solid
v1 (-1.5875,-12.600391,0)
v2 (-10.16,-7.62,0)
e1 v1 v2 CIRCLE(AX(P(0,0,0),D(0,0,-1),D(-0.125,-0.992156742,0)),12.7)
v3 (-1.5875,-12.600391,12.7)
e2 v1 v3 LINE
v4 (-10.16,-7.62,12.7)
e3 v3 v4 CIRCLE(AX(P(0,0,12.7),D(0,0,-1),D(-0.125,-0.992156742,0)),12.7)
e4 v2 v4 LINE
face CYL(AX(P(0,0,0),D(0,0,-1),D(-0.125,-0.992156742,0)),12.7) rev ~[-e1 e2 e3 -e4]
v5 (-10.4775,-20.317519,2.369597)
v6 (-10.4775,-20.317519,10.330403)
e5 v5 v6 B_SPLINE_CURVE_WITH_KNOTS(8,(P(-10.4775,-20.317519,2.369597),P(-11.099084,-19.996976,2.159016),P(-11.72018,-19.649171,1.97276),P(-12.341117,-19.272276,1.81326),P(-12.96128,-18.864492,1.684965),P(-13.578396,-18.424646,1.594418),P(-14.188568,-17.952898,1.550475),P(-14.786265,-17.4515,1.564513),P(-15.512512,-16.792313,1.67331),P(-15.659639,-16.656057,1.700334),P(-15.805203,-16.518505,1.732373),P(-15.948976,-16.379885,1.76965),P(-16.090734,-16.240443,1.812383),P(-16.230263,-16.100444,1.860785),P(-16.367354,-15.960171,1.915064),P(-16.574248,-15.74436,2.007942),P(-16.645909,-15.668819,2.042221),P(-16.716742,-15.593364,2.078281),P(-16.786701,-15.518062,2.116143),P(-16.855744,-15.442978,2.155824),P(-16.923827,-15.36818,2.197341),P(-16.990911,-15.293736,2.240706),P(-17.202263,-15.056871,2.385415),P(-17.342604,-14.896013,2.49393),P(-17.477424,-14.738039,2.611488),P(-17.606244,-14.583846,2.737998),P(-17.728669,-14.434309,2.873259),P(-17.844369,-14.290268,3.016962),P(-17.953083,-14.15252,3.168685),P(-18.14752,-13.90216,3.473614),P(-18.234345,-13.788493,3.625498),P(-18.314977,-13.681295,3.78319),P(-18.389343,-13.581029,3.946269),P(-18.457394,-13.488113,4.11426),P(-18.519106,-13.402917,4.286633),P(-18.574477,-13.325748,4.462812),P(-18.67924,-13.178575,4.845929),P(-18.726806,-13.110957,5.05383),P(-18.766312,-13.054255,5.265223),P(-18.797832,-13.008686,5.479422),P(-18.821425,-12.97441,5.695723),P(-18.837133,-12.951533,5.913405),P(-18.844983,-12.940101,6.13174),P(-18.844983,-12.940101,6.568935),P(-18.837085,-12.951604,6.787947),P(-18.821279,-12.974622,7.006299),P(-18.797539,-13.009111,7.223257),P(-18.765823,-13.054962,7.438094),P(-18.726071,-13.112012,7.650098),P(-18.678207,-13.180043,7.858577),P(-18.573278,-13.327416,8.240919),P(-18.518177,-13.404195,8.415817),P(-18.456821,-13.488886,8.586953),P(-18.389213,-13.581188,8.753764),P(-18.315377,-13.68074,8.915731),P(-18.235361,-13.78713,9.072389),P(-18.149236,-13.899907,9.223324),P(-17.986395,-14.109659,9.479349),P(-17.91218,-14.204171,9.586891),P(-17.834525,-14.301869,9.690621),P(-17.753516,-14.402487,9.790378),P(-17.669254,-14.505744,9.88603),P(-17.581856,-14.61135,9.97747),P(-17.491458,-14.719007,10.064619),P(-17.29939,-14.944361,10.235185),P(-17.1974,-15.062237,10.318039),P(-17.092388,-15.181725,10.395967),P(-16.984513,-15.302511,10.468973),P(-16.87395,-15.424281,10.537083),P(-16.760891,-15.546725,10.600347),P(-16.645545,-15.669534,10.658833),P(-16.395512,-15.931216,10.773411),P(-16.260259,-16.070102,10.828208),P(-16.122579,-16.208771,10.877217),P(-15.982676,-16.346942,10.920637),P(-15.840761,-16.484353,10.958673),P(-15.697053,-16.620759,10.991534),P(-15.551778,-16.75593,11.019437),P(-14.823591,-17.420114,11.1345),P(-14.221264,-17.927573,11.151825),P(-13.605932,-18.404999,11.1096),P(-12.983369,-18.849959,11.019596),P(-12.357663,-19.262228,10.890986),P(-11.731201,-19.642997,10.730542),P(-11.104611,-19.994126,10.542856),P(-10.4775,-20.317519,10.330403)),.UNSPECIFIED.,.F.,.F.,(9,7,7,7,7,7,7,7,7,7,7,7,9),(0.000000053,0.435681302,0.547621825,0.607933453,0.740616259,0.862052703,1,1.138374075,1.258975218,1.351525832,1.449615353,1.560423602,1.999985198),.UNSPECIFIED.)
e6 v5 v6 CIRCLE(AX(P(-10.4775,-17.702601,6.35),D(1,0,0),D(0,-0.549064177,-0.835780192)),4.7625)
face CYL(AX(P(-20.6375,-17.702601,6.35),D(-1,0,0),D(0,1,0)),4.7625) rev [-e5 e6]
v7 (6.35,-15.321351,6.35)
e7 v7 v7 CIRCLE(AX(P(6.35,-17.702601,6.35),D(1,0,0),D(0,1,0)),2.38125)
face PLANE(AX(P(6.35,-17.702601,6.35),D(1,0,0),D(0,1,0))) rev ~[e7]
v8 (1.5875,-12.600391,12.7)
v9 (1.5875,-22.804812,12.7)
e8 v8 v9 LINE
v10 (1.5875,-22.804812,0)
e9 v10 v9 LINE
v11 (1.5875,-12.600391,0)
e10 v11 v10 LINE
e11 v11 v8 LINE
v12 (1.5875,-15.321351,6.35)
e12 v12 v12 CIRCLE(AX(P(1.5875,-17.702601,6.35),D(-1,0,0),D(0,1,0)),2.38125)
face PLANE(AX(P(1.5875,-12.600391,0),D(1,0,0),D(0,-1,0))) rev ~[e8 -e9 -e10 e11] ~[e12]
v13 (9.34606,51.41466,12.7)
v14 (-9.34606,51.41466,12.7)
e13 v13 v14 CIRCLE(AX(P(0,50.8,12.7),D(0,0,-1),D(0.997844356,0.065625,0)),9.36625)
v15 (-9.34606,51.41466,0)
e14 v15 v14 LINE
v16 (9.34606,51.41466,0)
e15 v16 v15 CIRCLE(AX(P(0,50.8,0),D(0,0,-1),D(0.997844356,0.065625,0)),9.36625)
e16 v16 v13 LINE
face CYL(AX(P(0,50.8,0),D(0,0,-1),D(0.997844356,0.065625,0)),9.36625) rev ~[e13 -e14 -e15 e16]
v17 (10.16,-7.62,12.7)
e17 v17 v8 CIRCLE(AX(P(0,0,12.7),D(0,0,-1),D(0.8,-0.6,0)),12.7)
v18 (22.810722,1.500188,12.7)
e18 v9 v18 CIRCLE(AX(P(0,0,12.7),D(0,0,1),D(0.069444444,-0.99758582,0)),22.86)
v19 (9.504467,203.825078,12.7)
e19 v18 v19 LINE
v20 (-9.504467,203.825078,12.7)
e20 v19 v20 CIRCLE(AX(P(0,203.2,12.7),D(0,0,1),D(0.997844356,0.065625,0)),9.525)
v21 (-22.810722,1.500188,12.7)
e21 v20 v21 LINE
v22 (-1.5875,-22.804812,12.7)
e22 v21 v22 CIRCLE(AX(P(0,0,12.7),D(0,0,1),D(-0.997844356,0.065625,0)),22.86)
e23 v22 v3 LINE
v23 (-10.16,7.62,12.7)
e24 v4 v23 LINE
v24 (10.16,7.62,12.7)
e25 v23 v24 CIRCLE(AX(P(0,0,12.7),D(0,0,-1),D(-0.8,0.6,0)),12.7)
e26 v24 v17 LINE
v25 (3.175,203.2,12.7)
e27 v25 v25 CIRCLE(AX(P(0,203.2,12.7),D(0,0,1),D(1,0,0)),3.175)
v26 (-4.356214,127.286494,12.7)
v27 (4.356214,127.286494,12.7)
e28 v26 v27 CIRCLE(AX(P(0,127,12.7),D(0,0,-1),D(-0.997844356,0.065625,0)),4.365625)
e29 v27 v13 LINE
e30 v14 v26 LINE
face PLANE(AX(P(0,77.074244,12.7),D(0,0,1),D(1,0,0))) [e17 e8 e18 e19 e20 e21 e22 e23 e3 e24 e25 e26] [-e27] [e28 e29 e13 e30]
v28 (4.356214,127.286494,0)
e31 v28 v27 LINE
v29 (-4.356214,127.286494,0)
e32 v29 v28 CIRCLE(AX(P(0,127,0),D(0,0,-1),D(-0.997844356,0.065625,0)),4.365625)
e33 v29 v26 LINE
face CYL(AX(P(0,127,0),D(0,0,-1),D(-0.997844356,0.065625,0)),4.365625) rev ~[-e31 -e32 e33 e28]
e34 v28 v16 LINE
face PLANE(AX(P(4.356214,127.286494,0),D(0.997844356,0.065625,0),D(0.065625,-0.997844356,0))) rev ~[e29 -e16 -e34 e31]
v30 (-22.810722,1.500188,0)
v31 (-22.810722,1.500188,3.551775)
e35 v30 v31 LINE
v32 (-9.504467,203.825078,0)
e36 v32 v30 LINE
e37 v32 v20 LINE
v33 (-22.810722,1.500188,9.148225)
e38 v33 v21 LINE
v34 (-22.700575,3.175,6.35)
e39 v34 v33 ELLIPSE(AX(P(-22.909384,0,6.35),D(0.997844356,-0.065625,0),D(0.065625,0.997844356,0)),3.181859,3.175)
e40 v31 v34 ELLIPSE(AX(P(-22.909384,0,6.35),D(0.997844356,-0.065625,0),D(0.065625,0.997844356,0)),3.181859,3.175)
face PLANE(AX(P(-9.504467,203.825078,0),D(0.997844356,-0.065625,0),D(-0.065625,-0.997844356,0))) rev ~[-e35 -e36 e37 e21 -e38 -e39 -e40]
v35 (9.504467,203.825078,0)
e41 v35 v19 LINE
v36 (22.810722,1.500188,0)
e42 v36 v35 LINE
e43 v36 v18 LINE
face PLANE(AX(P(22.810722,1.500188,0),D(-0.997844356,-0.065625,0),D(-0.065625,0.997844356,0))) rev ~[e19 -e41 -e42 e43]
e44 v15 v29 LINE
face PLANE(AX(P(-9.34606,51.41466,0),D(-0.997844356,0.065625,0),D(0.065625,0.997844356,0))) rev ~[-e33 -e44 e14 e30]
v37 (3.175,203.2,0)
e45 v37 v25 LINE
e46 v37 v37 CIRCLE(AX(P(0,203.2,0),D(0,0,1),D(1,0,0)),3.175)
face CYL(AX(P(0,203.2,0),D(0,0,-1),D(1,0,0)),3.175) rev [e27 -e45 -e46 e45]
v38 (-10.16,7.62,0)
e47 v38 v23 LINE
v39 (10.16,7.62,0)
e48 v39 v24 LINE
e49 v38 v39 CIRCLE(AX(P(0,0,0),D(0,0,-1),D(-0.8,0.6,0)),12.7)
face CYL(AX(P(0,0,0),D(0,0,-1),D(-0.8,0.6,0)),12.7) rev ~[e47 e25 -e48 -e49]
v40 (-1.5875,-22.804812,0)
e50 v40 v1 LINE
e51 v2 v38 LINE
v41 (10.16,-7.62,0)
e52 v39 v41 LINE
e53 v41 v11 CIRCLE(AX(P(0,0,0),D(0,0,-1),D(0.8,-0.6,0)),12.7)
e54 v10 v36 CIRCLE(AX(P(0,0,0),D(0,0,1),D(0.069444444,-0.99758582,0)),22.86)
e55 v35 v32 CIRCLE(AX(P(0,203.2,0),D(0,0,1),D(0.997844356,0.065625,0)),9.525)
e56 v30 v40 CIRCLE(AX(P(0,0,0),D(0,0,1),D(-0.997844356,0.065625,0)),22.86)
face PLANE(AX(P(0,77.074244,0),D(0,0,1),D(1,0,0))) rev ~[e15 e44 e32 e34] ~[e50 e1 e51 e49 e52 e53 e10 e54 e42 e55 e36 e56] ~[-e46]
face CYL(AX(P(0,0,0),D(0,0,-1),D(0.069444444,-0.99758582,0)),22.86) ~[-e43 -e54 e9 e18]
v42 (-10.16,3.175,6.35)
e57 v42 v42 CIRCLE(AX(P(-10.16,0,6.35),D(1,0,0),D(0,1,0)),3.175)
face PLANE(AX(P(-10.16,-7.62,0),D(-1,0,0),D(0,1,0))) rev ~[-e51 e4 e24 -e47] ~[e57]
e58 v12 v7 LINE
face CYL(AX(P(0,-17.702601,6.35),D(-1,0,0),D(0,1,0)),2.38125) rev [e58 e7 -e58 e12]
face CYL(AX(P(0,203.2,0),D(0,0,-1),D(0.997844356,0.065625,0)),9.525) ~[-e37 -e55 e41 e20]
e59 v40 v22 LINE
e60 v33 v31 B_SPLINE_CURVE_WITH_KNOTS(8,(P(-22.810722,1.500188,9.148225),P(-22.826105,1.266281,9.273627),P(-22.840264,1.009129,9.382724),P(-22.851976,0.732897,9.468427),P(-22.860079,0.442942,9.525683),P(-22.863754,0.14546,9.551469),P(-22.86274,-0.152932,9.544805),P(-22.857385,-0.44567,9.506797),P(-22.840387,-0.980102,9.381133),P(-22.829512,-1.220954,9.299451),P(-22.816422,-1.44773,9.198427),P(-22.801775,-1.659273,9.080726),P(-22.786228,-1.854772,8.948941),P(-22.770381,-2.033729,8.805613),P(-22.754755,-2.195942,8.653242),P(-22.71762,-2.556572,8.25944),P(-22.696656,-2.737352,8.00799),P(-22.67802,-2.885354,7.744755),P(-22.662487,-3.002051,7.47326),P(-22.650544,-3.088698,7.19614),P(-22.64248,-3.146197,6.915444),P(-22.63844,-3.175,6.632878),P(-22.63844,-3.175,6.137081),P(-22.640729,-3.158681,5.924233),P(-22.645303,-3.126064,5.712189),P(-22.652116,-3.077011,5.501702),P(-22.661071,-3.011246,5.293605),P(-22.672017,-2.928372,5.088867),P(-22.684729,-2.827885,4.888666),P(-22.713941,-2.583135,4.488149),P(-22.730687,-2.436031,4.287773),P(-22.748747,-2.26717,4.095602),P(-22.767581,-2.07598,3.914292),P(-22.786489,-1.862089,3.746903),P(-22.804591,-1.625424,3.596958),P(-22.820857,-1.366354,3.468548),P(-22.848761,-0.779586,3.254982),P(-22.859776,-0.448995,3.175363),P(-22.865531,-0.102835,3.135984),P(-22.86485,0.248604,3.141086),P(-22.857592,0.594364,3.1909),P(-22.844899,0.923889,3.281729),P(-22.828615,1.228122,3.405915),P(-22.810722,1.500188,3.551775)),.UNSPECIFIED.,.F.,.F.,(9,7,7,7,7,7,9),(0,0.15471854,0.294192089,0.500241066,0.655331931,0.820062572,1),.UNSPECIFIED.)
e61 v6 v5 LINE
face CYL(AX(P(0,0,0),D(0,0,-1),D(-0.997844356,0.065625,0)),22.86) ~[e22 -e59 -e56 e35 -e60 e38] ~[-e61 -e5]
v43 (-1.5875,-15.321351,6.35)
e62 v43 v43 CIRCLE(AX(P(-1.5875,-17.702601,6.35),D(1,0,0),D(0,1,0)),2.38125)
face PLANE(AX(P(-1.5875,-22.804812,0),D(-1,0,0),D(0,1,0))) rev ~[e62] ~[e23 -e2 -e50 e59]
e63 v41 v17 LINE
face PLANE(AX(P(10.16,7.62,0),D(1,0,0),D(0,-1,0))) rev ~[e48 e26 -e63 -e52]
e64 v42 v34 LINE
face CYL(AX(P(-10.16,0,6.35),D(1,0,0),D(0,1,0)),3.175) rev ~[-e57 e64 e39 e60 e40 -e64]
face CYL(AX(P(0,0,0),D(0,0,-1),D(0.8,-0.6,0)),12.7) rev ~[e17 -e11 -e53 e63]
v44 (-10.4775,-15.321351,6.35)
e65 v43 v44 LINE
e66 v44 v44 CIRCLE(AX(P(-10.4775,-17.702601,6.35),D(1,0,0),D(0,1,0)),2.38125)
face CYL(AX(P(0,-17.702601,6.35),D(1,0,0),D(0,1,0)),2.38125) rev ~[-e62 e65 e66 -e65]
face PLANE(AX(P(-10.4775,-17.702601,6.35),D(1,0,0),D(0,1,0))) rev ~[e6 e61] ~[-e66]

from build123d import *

# Parameters (mm, degrees)
F0_R          = 3.175
F1_DEPTH      = 12.7
F2_R          = 3.175
F3_DEPTH      = 25.4
F4_R          = 2.38125
F5_DEPTH      = 6.35
F5_DEPTH_BACK = 22.8610001193
F7_R          = 4.7625
F8_DEPTH      = 10.16


with BuildPart() as f1:
    # F0 (on Top) → F1 (new body)
    with BuildSketch(Plane.XY):
        with BuildLine():
            Line((-9.5044674936, 203.825078125), (-22.8107219847, 1.5001875))
            ThreePointArc((-22.8107219847, 1.5001875), (-17.219220581, -15.035891812), (-1.5875, -22.8048118552))
            Line((-1.5875, -22.8048118552), (-1.5875, -12.6003906189))
            ThreePointArc((-1.5875, -12.6003906189), (-6.3798128297, -10.981256224), (-10.16, -7.62))
            Line((-10.16, -7.62), (-10.16, 7.62))
            ThreePointArc((-10.16, 7.62), (0, 12.7), (10.16, 7.62))
            Line((10.16, 7.62), (10.16, -7.62))
            ThreePointArc((10.16, -7.62), (6.3798128297, -10.981256224), (1.5875, -12.6003906189))
            Line((1.5875, -12.6003906189), (1.5875, -22.8048118552))
            ThreePointArc((1.5875, -22.8048118552), (17.219220581, -15.035891812), (22.8107219847, 1.5001875))
            Line((22.8107219847, 1.5001875), (9.5044674936, 203.825078125))
            ThreePointArc((9.5044674936, 203.825078125), (0, 212.725), (-9.5044674936, 203.825078125))
        make_face()
        with BuildLine():
            ThreePointArc((9.3460597021, 51.4146601563), (0, 41.43375), (-9.3460597021, 51.4146601563))
            Line((-9.3460597021, 51.4146601563), (-4.3562142679, 127.2864941406))
            ThreePointArc((-4.3562142679, 127.2864941406), (0, 131.365625), (4.3562142679, 127.2864941406))
            Line((4.3562142679, 127.2864941406), (9.3460597021, 51.4146601563))
        make_face(mode=Mode.SUBTRACT)
        with Locations((0, 203.2)):
            Circle(F0_R, mode=Mode.SUBTRACT)
    extrude(amount=F1_DEPTH)

    # F2 (on face) → F3 (cut)
    with BuildSketch(Plane.YZ.offset(-10.16)):
        with Locations((0, 6.35)):
            Circle(F2_R)
    extrude(amount=-F3_DEPTH, mode=Mode.SUBTRACT)

    # F4 (on Right) → F5 (cut, two sides)
    with BuildSketch(Plane.YZ) as f5_sk:
        with Locations((-17.7026012371, 6.35)):
            Circle(F4_R)
    extrude(amount=F5_DEPTH, mode=Mode.SUBTRACT)
    extrude(f5_sk.sketch, amount=-F5_DEPTH_BACK, mode=Mode.SUBTRACT)

    # F7 (on offset) → F8 (cut)
    with BuildSketch(Plane.YZ.offset(-20.6375)):
        with Locations((-17.7026012371, 6.35)):
            Circle(F7_R)
    extrude(amount=F8_DEPTH, mode=Mode.SUBTRACT)


solid = f1.part
